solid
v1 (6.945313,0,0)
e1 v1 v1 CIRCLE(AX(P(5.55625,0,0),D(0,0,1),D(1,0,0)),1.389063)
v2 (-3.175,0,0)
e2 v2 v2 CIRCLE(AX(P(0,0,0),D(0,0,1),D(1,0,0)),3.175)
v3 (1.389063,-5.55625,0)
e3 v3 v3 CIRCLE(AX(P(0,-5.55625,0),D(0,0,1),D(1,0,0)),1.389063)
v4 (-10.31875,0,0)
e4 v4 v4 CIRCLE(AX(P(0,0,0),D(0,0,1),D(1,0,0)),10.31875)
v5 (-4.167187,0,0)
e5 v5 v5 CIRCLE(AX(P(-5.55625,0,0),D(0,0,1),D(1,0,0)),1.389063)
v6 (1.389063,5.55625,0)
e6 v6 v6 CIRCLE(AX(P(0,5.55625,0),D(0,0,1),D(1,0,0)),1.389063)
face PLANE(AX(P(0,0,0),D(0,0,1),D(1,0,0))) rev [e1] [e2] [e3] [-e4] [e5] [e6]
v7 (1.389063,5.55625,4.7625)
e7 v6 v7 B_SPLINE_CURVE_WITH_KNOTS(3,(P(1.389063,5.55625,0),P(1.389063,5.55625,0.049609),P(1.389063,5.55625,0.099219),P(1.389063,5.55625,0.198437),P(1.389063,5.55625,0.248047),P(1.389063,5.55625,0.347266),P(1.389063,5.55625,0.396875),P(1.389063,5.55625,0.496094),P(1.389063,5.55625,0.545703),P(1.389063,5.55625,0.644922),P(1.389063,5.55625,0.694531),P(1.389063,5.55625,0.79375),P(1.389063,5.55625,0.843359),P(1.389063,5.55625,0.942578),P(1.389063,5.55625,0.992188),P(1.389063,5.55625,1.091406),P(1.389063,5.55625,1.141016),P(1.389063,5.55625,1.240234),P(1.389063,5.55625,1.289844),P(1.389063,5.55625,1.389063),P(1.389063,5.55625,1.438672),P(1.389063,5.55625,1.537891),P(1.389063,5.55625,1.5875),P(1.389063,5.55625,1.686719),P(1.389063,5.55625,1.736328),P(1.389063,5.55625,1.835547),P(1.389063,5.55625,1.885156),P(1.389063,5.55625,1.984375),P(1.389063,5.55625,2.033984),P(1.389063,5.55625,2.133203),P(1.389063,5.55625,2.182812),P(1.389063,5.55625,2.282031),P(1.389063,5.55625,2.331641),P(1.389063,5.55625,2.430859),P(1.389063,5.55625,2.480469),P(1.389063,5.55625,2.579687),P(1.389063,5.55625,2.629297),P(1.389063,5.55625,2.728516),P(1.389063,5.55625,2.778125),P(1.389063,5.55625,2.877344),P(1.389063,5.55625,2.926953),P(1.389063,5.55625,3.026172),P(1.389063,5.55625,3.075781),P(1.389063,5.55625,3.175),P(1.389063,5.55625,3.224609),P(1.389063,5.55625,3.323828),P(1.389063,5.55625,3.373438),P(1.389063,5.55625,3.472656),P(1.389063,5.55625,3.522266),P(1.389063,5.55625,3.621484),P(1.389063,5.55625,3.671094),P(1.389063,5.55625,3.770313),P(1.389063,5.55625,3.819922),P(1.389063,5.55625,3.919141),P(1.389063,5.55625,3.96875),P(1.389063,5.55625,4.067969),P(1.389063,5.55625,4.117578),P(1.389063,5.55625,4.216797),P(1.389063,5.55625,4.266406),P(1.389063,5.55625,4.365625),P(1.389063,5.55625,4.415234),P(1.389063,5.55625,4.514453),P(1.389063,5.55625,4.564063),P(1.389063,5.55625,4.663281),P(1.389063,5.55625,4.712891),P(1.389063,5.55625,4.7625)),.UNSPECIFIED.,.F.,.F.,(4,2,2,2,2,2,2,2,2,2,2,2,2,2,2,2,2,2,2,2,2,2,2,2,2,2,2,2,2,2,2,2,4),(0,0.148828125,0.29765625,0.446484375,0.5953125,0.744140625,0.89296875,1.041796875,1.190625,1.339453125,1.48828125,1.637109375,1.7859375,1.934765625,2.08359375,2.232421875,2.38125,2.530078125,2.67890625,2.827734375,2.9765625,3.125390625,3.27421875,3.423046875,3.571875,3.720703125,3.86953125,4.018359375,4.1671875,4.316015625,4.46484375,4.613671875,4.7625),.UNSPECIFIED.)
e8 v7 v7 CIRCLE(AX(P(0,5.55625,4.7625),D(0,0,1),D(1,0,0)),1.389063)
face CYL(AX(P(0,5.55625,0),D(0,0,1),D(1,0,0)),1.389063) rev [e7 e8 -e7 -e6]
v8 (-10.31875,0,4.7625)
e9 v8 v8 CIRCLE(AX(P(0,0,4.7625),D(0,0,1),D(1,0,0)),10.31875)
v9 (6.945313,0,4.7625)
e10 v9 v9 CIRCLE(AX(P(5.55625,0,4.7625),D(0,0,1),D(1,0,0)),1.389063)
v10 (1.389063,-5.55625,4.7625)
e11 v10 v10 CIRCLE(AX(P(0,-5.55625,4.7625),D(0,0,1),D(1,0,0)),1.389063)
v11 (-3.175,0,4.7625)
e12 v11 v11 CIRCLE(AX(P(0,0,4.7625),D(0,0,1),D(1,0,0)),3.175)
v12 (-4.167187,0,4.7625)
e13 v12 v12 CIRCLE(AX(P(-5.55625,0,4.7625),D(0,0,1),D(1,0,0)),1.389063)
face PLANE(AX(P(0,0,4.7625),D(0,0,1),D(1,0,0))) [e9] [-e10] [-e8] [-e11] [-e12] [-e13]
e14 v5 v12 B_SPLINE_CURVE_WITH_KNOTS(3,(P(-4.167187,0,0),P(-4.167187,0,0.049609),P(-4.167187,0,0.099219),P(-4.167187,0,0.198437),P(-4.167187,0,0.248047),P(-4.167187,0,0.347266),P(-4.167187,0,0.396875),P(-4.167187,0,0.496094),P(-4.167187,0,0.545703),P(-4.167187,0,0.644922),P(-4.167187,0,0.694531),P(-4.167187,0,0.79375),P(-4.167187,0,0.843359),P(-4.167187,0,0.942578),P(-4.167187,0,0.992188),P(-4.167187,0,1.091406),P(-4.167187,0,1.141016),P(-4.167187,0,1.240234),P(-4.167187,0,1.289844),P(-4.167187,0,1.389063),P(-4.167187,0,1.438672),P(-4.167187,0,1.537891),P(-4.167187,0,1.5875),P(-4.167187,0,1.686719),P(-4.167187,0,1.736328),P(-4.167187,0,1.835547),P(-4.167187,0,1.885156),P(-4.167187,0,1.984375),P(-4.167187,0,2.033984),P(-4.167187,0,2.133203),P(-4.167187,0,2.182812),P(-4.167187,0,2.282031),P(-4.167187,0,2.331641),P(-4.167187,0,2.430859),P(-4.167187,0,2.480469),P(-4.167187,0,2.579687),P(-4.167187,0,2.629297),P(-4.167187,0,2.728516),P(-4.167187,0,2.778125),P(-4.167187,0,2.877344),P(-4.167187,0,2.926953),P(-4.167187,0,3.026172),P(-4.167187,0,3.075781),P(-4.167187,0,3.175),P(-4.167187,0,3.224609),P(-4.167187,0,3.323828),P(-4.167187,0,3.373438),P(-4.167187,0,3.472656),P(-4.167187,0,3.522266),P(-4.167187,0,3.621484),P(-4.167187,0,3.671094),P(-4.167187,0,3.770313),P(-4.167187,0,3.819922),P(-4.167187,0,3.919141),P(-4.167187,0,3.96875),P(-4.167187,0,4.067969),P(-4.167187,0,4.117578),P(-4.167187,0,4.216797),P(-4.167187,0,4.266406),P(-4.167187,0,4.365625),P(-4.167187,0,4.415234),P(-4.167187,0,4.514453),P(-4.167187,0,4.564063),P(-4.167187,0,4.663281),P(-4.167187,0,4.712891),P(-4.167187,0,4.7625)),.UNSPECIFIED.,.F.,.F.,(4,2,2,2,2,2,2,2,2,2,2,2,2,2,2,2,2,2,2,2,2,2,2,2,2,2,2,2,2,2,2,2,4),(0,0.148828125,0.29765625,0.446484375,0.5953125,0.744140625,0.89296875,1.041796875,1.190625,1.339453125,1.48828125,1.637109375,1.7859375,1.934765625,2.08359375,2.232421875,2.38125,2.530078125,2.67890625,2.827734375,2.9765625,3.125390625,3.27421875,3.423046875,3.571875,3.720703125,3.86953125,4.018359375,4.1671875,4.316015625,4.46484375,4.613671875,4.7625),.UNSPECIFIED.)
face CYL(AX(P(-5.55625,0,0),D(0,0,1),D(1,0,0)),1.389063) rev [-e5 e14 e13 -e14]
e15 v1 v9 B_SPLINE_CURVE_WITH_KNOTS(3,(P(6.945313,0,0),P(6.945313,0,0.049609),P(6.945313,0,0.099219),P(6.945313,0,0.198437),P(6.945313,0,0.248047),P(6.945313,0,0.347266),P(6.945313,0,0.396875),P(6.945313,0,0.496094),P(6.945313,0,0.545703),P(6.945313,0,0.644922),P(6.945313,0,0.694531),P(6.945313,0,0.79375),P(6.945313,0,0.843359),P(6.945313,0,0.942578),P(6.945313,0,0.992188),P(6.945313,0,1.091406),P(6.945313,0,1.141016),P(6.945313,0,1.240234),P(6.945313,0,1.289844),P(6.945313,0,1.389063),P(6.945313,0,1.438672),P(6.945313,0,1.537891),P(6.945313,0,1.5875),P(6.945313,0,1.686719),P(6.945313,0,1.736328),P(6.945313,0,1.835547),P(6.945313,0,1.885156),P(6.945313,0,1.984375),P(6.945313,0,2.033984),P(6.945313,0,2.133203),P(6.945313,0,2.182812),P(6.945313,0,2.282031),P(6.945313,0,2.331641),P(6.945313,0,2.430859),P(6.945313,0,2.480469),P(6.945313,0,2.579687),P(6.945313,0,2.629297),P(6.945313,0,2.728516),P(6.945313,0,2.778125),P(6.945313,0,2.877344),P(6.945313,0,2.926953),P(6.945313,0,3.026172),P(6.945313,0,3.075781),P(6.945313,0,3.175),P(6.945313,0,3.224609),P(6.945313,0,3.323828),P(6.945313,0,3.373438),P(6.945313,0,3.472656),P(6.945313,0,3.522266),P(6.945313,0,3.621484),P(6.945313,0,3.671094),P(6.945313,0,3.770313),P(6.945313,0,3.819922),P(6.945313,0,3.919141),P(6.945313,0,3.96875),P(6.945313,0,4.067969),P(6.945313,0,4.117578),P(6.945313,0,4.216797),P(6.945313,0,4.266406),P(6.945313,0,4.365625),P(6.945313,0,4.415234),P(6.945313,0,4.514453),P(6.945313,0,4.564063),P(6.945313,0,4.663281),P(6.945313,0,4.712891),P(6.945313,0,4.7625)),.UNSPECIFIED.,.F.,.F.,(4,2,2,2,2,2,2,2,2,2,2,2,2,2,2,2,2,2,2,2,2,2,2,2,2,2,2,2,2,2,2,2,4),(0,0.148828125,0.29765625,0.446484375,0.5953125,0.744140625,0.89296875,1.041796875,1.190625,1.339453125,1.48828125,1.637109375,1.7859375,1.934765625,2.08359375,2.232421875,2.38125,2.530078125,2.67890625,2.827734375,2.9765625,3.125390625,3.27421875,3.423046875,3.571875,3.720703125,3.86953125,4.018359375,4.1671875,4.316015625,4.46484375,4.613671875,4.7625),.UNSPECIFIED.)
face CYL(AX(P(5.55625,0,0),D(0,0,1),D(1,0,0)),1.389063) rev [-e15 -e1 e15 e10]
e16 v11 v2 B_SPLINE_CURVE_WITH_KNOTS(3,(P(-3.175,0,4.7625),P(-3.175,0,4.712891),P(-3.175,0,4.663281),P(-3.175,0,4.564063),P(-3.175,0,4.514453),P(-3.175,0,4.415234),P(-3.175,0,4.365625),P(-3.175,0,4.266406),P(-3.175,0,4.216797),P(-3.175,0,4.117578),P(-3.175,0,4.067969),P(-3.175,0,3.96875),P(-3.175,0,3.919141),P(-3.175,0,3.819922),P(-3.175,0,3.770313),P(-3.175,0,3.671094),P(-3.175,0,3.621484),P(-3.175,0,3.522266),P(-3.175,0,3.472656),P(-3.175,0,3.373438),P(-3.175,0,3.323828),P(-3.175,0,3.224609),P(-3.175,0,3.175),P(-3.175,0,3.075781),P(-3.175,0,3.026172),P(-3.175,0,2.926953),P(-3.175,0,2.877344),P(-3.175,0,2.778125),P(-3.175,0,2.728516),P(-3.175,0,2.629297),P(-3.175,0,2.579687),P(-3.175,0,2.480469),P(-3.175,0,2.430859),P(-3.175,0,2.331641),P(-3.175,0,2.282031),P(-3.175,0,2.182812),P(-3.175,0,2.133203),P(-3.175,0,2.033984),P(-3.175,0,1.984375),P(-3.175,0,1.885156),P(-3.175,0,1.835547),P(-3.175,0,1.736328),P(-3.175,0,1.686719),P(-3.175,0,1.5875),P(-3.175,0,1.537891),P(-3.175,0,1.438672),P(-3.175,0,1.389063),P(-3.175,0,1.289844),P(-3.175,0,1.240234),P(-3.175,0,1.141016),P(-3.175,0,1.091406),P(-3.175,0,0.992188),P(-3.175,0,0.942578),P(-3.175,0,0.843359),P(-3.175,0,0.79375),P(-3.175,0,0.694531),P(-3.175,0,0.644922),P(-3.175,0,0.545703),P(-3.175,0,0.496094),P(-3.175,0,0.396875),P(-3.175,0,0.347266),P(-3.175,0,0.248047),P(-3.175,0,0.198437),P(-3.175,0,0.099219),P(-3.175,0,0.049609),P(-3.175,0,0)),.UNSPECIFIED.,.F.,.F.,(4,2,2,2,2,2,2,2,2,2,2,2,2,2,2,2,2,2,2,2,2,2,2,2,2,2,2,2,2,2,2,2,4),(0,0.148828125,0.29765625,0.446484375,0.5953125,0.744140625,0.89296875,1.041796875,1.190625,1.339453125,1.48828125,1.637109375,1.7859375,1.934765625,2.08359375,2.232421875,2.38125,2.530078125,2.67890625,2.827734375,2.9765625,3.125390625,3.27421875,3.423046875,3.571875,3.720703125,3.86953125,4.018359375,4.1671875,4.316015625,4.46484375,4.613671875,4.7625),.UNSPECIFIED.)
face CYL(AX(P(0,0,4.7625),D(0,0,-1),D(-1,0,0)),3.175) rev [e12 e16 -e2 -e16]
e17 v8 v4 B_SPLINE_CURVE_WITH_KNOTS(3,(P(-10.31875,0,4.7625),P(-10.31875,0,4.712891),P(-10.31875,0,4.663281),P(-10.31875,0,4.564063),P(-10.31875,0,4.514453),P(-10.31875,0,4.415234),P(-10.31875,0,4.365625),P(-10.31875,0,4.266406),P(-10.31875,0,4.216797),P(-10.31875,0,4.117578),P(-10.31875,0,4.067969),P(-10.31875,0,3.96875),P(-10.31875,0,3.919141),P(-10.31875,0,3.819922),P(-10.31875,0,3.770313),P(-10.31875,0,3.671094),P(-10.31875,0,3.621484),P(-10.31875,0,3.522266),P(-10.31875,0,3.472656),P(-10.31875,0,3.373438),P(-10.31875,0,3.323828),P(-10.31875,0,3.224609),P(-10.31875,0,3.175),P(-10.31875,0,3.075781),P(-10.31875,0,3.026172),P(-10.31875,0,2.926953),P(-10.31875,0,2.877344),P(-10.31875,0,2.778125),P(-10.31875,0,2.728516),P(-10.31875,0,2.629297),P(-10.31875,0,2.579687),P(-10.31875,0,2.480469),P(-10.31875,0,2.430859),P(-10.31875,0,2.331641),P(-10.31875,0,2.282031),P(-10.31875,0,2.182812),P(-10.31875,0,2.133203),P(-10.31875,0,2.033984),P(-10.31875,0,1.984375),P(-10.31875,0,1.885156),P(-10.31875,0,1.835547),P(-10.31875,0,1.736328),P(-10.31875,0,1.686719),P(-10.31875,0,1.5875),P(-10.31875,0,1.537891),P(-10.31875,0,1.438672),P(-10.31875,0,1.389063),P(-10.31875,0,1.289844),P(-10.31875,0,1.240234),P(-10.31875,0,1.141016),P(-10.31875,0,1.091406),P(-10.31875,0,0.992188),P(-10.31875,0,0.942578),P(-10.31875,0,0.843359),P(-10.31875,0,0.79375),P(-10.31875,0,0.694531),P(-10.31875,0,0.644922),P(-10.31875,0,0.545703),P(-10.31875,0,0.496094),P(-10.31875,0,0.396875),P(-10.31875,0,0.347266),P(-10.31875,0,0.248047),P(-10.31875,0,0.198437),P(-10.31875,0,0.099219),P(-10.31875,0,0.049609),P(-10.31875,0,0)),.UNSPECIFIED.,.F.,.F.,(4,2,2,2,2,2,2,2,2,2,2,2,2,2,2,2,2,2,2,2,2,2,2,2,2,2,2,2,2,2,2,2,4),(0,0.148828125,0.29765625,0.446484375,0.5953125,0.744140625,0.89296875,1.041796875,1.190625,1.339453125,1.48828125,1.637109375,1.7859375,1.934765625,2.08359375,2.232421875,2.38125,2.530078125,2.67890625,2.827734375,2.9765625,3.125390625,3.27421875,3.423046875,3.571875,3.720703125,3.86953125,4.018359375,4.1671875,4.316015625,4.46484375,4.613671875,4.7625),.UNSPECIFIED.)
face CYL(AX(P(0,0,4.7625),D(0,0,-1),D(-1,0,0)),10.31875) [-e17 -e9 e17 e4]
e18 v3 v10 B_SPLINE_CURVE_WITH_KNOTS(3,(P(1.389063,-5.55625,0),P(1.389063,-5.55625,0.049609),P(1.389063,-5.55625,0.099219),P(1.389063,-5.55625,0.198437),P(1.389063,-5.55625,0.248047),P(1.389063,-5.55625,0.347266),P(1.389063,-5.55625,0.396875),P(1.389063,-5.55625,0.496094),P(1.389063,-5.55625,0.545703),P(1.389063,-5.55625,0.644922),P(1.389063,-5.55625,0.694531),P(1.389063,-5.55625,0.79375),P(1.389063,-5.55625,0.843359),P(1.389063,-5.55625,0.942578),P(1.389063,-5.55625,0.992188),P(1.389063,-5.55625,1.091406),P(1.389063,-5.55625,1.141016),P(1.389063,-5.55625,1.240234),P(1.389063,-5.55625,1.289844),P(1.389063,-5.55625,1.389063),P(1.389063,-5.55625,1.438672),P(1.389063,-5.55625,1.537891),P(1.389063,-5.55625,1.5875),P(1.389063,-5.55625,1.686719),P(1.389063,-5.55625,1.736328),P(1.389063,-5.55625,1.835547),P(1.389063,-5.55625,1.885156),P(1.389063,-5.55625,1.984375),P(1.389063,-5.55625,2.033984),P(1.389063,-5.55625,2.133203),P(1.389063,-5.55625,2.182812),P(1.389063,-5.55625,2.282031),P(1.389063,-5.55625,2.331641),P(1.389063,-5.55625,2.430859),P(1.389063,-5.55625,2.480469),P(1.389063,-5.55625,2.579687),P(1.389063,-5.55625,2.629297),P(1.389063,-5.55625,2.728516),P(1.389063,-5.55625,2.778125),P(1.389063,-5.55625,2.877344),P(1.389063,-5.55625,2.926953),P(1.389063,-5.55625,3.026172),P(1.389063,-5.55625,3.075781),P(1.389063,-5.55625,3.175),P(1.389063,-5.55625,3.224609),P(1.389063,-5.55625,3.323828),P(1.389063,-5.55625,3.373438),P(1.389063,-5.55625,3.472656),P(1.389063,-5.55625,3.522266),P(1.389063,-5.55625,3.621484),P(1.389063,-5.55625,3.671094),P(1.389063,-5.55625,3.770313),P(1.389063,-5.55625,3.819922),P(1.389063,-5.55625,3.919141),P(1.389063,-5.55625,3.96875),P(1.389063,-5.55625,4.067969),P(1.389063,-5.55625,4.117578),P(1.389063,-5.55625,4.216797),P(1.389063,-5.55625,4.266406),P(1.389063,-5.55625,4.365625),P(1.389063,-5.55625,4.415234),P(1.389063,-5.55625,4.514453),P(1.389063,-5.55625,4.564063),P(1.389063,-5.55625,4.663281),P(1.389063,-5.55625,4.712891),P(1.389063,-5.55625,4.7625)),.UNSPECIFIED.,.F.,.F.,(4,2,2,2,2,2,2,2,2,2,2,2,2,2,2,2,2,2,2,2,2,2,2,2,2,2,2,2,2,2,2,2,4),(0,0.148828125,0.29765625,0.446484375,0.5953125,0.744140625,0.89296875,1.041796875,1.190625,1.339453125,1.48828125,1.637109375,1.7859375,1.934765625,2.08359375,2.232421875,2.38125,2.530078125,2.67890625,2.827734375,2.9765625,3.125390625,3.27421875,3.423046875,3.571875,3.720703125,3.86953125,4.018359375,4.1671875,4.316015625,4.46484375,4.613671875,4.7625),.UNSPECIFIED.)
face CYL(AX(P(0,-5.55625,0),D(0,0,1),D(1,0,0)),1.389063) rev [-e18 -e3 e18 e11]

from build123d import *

# Parameters (mm, degrees)
SKETCH1_R           = 10.31875
SKETCH1_R_2         = 3.175
BOSS_EXTRUDE1_DEPTH = 4.7625
SKETCH6_R           = 1.3890625
CUT_EXTRUDE1_DEPTH  = 16.350394437


with BuildPart() as part:
    # Sketch1 → Boss-Extrude1 (new body)
    with BuildSketch(Plane.XY):
        with Locations(Location((0, 0, 0), (0, 0, 180))):
            Circle(SKETCH1_R)
        with Locations(Location((0, 0, 0), (0, 0, 180))):
            Circle(SKETCH1_R_2, mode=Mode.SUBTRACT)
    extrude(amount=BOSS_EXTRUDE1_DEPTH)

    # Sketch6 → Cut-Extrude1 (cut, through all)
    with BuildSketch(Plane.XY.offset(4.7625)):
        with Locations((0, 5.55625)):
            Circle(SKETCH6_R)
        with Locations((5.55625, 0)):
            Circle(SKETCH6_R)
        with Locations((0, -5.55625)):
            Circle(SKETCH6_R)
        with Locations((-5.55625, 0)):
            Circle(SKETCH6_R)
    extrude(amount=-CUT_EXTRUDE1_DEPTH, mode=Mode.SUBTRACT)


solid = part.part
